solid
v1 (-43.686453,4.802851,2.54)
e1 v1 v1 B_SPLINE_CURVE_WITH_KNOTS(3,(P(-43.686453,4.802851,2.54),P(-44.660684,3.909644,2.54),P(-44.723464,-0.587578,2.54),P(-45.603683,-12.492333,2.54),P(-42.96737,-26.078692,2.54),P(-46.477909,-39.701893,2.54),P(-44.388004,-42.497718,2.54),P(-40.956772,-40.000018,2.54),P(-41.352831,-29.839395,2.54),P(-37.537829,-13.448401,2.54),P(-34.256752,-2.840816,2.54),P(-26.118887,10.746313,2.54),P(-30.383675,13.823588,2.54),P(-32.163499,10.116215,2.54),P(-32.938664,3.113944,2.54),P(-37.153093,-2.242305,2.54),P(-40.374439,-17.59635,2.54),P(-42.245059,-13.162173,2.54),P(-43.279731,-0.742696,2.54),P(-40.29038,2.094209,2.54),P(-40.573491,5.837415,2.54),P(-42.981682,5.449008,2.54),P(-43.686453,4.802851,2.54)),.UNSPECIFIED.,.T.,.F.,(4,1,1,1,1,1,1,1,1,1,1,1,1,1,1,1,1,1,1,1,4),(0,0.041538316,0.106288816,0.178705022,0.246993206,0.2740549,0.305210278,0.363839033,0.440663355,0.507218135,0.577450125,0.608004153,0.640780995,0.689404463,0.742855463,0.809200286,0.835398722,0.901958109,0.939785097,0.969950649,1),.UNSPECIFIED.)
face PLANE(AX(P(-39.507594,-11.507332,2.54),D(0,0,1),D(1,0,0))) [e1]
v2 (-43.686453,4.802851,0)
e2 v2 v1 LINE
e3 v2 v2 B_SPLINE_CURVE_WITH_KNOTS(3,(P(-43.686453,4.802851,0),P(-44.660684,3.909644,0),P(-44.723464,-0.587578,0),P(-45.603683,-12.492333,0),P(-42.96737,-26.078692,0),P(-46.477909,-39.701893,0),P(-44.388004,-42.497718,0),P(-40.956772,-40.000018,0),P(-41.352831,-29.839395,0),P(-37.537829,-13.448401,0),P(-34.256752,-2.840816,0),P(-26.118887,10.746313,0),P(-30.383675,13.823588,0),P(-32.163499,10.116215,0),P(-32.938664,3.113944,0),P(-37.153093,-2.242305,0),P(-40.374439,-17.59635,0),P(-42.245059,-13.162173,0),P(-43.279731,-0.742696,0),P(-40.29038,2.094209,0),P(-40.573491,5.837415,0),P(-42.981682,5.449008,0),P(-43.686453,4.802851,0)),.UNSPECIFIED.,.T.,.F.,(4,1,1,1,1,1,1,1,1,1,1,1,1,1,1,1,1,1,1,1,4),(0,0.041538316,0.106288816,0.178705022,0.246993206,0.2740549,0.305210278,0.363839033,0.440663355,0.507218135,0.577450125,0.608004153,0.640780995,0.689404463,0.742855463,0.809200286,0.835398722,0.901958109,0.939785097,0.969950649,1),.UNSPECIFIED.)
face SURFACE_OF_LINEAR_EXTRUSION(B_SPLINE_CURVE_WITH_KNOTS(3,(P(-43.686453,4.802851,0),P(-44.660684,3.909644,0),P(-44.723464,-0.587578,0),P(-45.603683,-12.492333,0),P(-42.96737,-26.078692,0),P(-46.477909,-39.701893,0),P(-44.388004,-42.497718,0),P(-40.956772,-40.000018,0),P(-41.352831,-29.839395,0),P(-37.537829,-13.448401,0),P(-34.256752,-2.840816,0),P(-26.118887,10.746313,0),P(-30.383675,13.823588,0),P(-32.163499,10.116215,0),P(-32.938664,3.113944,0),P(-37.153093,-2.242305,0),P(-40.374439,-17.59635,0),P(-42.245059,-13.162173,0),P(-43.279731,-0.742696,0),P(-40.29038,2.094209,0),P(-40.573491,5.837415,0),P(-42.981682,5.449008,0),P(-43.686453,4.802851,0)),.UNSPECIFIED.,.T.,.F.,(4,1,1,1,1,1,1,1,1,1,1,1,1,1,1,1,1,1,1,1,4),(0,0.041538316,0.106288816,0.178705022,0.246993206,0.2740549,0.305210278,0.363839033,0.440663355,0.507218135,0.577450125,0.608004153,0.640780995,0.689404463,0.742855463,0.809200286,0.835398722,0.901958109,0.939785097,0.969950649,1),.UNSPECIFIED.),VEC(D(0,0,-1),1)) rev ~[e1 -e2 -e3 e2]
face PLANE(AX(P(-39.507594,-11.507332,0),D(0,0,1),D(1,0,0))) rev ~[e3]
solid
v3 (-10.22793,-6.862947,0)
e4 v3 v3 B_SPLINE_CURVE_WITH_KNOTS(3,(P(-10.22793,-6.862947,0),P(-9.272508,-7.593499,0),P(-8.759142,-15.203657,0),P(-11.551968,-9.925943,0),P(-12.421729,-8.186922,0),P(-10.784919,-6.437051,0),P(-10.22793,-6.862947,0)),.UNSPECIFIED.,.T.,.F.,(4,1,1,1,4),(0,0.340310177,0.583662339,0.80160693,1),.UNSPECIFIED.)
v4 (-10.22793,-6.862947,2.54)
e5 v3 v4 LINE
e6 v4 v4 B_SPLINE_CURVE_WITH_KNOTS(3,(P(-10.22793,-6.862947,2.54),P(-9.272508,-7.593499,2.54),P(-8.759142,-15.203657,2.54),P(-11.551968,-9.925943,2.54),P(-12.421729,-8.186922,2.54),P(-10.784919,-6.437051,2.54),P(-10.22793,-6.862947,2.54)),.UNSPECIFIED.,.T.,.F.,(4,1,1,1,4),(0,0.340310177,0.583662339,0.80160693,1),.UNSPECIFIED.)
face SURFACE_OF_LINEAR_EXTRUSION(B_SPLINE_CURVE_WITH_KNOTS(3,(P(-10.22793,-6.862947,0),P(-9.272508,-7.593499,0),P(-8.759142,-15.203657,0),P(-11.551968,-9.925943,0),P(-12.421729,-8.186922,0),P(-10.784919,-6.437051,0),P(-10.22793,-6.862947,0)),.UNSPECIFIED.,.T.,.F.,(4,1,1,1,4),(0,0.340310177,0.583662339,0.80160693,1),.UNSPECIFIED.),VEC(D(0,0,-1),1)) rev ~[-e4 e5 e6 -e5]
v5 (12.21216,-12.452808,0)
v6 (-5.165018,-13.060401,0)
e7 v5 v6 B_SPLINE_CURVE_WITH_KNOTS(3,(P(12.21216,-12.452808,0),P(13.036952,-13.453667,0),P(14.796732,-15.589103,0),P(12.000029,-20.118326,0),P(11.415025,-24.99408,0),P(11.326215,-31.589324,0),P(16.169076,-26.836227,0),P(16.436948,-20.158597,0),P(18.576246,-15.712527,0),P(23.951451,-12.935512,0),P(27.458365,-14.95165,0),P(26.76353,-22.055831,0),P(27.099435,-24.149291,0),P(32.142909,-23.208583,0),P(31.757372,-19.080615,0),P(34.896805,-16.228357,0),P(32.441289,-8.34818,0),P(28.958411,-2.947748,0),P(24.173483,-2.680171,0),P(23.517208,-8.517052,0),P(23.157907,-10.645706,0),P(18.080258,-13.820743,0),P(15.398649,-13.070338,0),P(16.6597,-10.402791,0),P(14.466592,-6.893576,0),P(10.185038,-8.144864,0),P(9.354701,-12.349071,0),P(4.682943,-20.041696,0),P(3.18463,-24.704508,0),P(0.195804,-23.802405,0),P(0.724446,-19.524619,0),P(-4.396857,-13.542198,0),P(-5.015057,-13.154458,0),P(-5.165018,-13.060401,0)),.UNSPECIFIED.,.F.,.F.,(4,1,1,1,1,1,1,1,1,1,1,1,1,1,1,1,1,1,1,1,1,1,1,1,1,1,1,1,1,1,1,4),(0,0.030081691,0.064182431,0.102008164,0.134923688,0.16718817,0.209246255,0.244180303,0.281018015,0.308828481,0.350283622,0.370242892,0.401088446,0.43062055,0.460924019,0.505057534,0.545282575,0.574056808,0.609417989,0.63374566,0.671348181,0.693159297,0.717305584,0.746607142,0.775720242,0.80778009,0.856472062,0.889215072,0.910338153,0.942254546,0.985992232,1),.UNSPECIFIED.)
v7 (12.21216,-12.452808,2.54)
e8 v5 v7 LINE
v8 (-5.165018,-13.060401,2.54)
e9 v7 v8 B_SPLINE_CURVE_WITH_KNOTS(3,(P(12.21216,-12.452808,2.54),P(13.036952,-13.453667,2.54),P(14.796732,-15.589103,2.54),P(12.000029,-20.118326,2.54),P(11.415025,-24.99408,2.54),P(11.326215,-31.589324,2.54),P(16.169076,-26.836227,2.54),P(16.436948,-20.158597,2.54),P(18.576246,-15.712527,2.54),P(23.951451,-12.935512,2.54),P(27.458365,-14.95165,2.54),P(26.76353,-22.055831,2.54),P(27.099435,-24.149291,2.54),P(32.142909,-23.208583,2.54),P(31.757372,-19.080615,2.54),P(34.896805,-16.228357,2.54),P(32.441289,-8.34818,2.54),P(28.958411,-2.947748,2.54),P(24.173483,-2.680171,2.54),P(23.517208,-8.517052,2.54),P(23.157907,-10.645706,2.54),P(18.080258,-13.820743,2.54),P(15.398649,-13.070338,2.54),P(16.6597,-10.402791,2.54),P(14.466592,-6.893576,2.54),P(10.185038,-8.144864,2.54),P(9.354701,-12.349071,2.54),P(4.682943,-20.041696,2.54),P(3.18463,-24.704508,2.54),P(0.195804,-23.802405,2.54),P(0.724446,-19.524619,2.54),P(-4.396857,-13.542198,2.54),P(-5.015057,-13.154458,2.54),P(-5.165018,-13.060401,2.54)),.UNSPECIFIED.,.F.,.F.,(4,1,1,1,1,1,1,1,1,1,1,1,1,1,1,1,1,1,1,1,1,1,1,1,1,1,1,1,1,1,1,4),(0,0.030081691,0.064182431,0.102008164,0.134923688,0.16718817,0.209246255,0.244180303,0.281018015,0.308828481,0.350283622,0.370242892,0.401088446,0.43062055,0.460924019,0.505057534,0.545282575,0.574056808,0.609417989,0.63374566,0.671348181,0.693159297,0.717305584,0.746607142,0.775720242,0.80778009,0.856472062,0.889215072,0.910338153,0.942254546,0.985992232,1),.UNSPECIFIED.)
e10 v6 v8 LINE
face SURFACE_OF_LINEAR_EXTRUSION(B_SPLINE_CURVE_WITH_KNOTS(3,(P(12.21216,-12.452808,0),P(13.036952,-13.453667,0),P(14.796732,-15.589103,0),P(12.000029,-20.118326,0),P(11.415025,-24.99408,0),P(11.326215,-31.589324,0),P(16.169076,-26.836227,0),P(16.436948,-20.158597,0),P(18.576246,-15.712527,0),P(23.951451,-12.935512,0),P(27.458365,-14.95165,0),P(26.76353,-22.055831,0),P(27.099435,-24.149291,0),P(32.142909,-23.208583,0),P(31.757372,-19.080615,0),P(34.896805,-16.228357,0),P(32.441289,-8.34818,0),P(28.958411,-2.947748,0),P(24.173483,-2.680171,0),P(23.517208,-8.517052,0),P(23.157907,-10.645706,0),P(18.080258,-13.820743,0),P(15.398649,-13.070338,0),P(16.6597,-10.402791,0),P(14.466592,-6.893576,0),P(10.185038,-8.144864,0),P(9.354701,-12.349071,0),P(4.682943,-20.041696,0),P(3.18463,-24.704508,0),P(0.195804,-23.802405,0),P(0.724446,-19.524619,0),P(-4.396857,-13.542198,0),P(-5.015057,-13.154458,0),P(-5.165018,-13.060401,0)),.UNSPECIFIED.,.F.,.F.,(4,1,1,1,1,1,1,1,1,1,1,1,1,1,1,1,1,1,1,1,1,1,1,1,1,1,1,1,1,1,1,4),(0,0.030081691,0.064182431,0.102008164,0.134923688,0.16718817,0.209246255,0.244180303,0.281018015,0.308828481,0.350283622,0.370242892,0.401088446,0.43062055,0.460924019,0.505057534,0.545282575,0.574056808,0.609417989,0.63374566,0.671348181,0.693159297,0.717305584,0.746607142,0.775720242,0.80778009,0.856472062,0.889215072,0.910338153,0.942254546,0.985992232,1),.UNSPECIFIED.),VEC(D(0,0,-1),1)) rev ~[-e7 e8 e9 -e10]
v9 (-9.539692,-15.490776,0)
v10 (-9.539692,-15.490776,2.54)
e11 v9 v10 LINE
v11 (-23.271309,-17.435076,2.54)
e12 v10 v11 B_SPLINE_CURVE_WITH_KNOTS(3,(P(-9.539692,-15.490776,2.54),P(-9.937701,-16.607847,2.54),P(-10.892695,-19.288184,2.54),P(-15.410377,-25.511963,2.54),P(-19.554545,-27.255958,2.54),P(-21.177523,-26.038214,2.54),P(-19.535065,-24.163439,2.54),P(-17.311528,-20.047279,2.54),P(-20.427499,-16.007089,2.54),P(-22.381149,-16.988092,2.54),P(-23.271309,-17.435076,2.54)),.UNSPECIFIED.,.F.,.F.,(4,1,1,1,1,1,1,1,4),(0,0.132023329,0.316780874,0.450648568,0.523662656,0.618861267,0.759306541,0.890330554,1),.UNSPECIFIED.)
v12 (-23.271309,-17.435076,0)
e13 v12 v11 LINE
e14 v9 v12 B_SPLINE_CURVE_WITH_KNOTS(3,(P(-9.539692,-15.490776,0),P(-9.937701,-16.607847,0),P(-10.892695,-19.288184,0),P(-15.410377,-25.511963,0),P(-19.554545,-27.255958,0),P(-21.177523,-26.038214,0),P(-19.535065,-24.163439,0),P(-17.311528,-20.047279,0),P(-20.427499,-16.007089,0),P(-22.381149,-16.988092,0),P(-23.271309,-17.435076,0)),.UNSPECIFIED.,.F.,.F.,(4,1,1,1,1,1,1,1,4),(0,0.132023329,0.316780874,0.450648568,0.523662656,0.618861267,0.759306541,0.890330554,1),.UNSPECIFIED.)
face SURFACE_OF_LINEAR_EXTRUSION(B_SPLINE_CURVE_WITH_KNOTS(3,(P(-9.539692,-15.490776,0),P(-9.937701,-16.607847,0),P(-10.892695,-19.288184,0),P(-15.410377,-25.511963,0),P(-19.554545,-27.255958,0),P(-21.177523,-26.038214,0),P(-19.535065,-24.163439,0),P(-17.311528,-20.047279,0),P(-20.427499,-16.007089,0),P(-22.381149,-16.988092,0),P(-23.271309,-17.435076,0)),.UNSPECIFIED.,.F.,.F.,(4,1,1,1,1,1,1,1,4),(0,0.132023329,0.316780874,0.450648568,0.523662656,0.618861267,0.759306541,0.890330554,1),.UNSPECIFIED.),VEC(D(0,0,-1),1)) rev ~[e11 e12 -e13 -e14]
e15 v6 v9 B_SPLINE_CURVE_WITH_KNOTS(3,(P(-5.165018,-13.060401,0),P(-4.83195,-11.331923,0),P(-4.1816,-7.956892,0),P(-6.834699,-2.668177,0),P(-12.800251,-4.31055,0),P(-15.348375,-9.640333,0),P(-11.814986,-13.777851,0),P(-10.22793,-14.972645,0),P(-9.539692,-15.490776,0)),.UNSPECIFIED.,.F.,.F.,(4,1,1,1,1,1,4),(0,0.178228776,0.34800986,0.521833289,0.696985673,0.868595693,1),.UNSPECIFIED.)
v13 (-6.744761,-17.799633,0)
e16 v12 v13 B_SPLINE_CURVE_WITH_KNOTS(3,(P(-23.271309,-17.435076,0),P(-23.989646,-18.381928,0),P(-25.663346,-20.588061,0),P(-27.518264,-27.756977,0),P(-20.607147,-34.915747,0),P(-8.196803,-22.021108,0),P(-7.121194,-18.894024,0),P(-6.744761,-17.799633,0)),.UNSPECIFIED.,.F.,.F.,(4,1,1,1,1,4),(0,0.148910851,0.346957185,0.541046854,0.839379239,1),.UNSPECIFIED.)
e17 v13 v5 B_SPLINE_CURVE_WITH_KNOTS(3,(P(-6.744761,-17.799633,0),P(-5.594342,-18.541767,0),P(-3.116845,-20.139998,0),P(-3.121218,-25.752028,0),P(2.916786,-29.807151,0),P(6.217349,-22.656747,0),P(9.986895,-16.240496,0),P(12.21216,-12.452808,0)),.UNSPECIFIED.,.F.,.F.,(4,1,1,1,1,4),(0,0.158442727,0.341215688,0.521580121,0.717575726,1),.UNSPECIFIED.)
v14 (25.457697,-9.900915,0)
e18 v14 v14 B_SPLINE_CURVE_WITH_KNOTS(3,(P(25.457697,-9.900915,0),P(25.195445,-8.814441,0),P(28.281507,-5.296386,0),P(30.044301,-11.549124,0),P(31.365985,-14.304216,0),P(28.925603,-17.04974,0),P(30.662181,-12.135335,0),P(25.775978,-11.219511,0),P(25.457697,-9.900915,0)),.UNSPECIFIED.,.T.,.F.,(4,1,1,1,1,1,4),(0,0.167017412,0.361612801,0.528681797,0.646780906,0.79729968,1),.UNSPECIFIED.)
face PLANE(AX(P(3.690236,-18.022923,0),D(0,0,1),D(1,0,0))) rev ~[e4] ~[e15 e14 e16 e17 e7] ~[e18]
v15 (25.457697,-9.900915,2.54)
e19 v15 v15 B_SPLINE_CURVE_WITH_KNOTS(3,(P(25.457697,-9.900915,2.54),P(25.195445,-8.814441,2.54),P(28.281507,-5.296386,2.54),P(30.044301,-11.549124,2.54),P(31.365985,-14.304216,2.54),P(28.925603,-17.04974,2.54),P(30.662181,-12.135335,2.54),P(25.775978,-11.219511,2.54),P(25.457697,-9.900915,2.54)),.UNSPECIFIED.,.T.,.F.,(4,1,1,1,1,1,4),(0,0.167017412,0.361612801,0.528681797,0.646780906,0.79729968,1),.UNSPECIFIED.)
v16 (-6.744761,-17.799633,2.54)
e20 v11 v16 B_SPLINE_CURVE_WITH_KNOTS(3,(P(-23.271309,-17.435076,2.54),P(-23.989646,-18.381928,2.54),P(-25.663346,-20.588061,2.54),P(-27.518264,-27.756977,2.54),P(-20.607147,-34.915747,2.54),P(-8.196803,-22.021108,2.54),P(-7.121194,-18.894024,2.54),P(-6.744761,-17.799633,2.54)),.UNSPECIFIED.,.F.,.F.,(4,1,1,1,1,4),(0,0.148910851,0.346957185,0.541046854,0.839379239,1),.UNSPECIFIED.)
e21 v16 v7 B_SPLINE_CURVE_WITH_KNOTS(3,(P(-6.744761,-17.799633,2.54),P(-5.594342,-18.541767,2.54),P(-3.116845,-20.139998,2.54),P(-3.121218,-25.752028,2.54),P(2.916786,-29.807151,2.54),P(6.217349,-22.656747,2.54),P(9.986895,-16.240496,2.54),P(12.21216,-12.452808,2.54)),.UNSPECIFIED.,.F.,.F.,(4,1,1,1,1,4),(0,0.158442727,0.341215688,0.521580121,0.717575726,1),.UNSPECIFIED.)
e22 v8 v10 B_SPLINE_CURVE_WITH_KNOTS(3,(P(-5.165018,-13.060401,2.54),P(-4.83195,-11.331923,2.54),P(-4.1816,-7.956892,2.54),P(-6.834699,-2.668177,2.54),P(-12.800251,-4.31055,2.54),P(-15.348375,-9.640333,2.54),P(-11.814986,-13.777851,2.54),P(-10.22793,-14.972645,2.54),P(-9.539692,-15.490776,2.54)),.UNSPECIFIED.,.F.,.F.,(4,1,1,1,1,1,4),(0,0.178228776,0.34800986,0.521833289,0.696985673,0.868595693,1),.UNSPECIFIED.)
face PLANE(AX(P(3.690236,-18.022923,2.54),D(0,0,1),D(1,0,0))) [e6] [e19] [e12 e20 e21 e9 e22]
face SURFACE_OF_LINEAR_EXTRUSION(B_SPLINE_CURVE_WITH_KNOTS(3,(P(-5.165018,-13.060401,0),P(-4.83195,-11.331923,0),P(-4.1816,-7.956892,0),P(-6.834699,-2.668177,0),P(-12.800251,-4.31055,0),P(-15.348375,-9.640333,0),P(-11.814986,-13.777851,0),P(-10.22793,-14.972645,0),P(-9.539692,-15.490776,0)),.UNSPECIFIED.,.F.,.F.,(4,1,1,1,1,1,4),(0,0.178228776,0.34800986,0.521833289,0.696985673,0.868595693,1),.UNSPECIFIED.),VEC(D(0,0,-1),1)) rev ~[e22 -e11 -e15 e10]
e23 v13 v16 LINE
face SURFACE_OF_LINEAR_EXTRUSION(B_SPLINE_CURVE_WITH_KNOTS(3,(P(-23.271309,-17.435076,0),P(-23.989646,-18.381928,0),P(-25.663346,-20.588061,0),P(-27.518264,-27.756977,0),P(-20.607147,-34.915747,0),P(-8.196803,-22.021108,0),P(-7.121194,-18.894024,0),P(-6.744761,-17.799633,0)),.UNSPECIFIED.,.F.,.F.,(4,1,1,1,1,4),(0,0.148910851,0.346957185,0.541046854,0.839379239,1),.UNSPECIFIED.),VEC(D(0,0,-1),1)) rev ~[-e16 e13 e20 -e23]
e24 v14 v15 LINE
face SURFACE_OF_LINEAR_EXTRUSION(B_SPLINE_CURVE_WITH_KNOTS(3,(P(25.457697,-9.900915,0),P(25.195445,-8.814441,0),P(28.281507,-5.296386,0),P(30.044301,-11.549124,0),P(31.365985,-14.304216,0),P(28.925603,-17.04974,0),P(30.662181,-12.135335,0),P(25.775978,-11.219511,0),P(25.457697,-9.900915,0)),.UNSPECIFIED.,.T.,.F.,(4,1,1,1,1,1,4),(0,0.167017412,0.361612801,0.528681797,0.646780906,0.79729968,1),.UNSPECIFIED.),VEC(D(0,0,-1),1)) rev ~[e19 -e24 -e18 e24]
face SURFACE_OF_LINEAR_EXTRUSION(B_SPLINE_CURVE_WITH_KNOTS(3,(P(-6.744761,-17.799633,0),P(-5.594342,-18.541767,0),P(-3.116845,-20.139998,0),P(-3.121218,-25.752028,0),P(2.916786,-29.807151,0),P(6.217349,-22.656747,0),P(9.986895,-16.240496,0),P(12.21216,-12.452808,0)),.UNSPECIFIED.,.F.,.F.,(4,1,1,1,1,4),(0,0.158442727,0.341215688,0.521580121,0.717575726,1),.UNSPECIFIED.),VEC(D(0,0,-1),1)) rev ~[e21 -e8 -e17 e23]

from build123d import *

# Parameters (mm, degrees)
F1_DEPTH = 2.54


with BuildPart() as f1:
    # F0 (on Top) → F1 (new body)
    with BuildSketch(Plane.XY):
        with BuildLine():
            add(Edge.make_bspline(
                [(-43.686453253, 4.8028510064), (-44.6606841946, 3.9096441285), (-44.723464485, -0.587577817), (-45.6036826761, -12.4923325971), (-42.9673695874, -26.0786915288), (-46.4779085278, -39.7018933768), (-44.3880035209, -42.4977184917), (-40.956771639, -40.0000180834), (-41.3528309592, -29.8393949126), (-37.5378292561, -13.448401209), (-34.2567519771, -2.8408162132), (-26.1188874573, 10.7463133716), (-30.3836751668, 13.8235883466), (-32.1634990518, 10.1162148129), (-32.9386636877, 3.1139438286), (-37.1530932912, -2.242304929), (-40.3744388968, -17.5963495737), (-42.2450591067, -13.1621734276), (-43.2797307991, -0.7426964884), (-40.290380328, 2.094208987), (-40.5734909715, 5.8374145253), (-42.9816820797, 5.4490083316), (-43.686453253, 4.8028510064)],
                knots=[0, 0, 0, 0, 0.0415383157, 0.1062888162, 0.1787050221, 0.2469932064, 0.2740549002, 0.3052102775, 0.3638390334, 0.4406633549, 0.5072181346, 0.5774501248, 0.6080041533, 0.6407809947, 0.6894044627, 0.7428554632, 0.809200286, 0.8353987219, 0.901958109, 0.9397850971, 0.969950649, 1, 1, 1, 1], degree=3))
        make_face()
    extrude(amount=F1_DEPTH)


with BuildPart() as f1b:
    # F0 (on Top) → F1, piece 2 (new body)
    with BuildSketch(Plane.XY):
        with BuildLine():
            add(Edge.make_bspline(
                [(-9.5396917313, -15.4907759279), (-9.9377005589, -16.6078474839), (-10.8926952978, -19.28818366), (-15.4103766155, -25.5119634288), (-19.5545451347, -27.2559577057), (-21.177523314, -26.0382139539), (-19.5350650899, -24.1634386927), (-17.3115282209, -20.0472785222), (-20.4274994166, -16.0070889676), (-22.3811492119, -16.9880919945), (-23.2713092119, -17.4350757152)],
                knots=[0, 0, 0, 0, 0.1320233287, 0.3167808742, 0.4506485682, 0.5236626564, 0.6188612667, 0.7593065407, 0.8903305545, 1, 1, 1, 1], degree=3))
            add(Edge.make_bspline(
                [(-23.2713092119, -17.4350757152), (-23.9896458665, -18.3819279235), (-25.6633456798, -20.5880611539), (-27.5182642988, -27.7569771409), (-20.6071471276, -34.9157470379), (-8.1968030367, -22.0211081755), (-7.1211944114, -18.8940244419), (-6.7447614856, -17.7996326238)],
                knots=[0, 0, 0, 0, 0.1489108509, 0.3469571846, 0.5410468538, 0.8393792393, 1, 1, 1, 1], degree=3))
            add(Edge.make_bspline(
                [(-6.7447614856, -17.7996326238), (-5.5943416759, -18.5417674052), (-3.1168452752, -20.1399980983), (-3.1212179259, -25.7520278077), (2.9167855471, -29.8071510139), (6.2173493456, -22.6567466119), (9.9868947845, -16.2404957233), (12.2121600434, -12.4528082088)],
                knots=[0, 0, 0, 0, 0.1584427274, 0.3412156879, 0.521580121, 0.7175757255, 1, 1, 1, 1], degree=3))
            add(Edge.make_bspline(
                [(12.2121600434, -12.4528082088), (13.0369519601, -13.4536667138), (14.7967317125, -15.589102933), (12.0000293732, -20.1183258485), (11.4150245482, -24.9940796492), (11.3262145442, -31.5893241962), (16.169076226, -26.8362269797), (16.4369478847, -20.1585969371), (18.5762460071, -15.7125265846), (23.9514510949, -12.935511836), (27.4583650512, -14.9516497575), (26.763530276, -22.0558308872), (27.0994347497, -24.1492912349), (32.1429093885, -23.2085834454), (31.7573717871, -19.0806150415), (34.8968047454, -16.2283572084), (32.4412888589, -8.3481803721), (28.9584107687, -2.9477475014), (24.1734832876, -2.6801714386), (23.5172075173, -8.5170522437), (23.1579065847, -10.6457064856), (18.0802583703, -13.8207429534), (15.3986485789, -13.0703384617), (16.6596997468, -10.4027912564), (14.4665917671, -6.8935763186), (10.1850382381, -8.1448638597), (9.3547013518, -12.3490710505), (4.6829431357, -20.0416963843), (3.1846296669, -24.70450803), (0.195803561, -23.8024052525), (0.7244458972, -19.524619346), (-4.3968572766, -13.5421982255), (-5.0150566621, -13.1544583098), (-5.1650181413, -13.0604011938)],
                knots=[0, 0, 0, 0, 0.0300816907, 0.0641824308, 0.1020081636, 0.1349236884, 0.16718817, 0.2092462545, 0.2441803033, 0.2810180154, 0.3088284807, 0.3502836219, 0.3702428922, 0.4010884462, 0.4306205503, 0.4609240189, 0.5050575336, 0.5452825751, 0.574056808, 0.6094179894, 0.6337456597, 0.6713481806, 0.6931592966, 0.7173055842, 0.7466071419, 0.7757202423, 0.8077800897, 0.8564720625, 0.8892150717, 0.9103381532, 0.9422545458, 0.9859922317, 1, 1, 1, 1], degree=3))
            add(Edge.make_bspline(
                [(-5.1650181413, -13.0604011938), (-4.8319497955, -11.33192255), (-4.1815998853, -7.9568917336), (-6.8346986094, -2.6681772967), (-12.8002513983, -4.3105495923), (-15.3483753623, -9.6403332041), (-11.8149862009, -13.7778507062), (-10.2279299203, -14.9726449483), (-9.5396917313, -15.4907759279)],
                knots=[0, 0, 0, 0, 0.1782287757, 0.3480098596, 0.5218332891, 0.6969856733, 0.8685956925, 1, 1, 1, 1], degree=3))
        make_face()
        with BuildLine():
            add(Edge.make_bspline(
                [(-10.2279299203, -6.862946786), (-9.2725082725, -7.5934993164), (-8.7591424819, -15.203657423), (-11.5519677347, -9.9259430261), (-12.4217292848, -8.1869215226), (-10.7849189466, -6.4370513256), (-10.2279299203, -6.862946786)],
                knots=[0, 0, 0, 0, 0.3403101774, 0.5836623385, 0.8016069295, 1, 1, 1, 1], degree=3))
        make_face(mode=Mode.SUBTRACT)
        with BuildLine():
            add(Edge.make_bspline(
                [(25.4576969892, -9.9009145051), (25.1954453653, -8.8144407397), (28.2815074123, -5.2963857931), (30.0443011149, -11.5491241473), (31.3659845376, -14.3042163053), (28.9256025439, -17.0497404759), (30.6621808012, -12.1353348287), (25.7759781036, -11.2195110335), (25.4576969892, -9.9009145051)],
                knots=[0, 0, 0, 0, 0.1670174119, 0.361612801, 0.5286817972, 0.6467809059, 0.7972996804, 1, 1, 1, 1], degree=3))
        make_face(mode=Mode.SUBTRACT)
    extrude(amount=F1_DEPTH)


solid = Compound([f1.part, f1b.part])
